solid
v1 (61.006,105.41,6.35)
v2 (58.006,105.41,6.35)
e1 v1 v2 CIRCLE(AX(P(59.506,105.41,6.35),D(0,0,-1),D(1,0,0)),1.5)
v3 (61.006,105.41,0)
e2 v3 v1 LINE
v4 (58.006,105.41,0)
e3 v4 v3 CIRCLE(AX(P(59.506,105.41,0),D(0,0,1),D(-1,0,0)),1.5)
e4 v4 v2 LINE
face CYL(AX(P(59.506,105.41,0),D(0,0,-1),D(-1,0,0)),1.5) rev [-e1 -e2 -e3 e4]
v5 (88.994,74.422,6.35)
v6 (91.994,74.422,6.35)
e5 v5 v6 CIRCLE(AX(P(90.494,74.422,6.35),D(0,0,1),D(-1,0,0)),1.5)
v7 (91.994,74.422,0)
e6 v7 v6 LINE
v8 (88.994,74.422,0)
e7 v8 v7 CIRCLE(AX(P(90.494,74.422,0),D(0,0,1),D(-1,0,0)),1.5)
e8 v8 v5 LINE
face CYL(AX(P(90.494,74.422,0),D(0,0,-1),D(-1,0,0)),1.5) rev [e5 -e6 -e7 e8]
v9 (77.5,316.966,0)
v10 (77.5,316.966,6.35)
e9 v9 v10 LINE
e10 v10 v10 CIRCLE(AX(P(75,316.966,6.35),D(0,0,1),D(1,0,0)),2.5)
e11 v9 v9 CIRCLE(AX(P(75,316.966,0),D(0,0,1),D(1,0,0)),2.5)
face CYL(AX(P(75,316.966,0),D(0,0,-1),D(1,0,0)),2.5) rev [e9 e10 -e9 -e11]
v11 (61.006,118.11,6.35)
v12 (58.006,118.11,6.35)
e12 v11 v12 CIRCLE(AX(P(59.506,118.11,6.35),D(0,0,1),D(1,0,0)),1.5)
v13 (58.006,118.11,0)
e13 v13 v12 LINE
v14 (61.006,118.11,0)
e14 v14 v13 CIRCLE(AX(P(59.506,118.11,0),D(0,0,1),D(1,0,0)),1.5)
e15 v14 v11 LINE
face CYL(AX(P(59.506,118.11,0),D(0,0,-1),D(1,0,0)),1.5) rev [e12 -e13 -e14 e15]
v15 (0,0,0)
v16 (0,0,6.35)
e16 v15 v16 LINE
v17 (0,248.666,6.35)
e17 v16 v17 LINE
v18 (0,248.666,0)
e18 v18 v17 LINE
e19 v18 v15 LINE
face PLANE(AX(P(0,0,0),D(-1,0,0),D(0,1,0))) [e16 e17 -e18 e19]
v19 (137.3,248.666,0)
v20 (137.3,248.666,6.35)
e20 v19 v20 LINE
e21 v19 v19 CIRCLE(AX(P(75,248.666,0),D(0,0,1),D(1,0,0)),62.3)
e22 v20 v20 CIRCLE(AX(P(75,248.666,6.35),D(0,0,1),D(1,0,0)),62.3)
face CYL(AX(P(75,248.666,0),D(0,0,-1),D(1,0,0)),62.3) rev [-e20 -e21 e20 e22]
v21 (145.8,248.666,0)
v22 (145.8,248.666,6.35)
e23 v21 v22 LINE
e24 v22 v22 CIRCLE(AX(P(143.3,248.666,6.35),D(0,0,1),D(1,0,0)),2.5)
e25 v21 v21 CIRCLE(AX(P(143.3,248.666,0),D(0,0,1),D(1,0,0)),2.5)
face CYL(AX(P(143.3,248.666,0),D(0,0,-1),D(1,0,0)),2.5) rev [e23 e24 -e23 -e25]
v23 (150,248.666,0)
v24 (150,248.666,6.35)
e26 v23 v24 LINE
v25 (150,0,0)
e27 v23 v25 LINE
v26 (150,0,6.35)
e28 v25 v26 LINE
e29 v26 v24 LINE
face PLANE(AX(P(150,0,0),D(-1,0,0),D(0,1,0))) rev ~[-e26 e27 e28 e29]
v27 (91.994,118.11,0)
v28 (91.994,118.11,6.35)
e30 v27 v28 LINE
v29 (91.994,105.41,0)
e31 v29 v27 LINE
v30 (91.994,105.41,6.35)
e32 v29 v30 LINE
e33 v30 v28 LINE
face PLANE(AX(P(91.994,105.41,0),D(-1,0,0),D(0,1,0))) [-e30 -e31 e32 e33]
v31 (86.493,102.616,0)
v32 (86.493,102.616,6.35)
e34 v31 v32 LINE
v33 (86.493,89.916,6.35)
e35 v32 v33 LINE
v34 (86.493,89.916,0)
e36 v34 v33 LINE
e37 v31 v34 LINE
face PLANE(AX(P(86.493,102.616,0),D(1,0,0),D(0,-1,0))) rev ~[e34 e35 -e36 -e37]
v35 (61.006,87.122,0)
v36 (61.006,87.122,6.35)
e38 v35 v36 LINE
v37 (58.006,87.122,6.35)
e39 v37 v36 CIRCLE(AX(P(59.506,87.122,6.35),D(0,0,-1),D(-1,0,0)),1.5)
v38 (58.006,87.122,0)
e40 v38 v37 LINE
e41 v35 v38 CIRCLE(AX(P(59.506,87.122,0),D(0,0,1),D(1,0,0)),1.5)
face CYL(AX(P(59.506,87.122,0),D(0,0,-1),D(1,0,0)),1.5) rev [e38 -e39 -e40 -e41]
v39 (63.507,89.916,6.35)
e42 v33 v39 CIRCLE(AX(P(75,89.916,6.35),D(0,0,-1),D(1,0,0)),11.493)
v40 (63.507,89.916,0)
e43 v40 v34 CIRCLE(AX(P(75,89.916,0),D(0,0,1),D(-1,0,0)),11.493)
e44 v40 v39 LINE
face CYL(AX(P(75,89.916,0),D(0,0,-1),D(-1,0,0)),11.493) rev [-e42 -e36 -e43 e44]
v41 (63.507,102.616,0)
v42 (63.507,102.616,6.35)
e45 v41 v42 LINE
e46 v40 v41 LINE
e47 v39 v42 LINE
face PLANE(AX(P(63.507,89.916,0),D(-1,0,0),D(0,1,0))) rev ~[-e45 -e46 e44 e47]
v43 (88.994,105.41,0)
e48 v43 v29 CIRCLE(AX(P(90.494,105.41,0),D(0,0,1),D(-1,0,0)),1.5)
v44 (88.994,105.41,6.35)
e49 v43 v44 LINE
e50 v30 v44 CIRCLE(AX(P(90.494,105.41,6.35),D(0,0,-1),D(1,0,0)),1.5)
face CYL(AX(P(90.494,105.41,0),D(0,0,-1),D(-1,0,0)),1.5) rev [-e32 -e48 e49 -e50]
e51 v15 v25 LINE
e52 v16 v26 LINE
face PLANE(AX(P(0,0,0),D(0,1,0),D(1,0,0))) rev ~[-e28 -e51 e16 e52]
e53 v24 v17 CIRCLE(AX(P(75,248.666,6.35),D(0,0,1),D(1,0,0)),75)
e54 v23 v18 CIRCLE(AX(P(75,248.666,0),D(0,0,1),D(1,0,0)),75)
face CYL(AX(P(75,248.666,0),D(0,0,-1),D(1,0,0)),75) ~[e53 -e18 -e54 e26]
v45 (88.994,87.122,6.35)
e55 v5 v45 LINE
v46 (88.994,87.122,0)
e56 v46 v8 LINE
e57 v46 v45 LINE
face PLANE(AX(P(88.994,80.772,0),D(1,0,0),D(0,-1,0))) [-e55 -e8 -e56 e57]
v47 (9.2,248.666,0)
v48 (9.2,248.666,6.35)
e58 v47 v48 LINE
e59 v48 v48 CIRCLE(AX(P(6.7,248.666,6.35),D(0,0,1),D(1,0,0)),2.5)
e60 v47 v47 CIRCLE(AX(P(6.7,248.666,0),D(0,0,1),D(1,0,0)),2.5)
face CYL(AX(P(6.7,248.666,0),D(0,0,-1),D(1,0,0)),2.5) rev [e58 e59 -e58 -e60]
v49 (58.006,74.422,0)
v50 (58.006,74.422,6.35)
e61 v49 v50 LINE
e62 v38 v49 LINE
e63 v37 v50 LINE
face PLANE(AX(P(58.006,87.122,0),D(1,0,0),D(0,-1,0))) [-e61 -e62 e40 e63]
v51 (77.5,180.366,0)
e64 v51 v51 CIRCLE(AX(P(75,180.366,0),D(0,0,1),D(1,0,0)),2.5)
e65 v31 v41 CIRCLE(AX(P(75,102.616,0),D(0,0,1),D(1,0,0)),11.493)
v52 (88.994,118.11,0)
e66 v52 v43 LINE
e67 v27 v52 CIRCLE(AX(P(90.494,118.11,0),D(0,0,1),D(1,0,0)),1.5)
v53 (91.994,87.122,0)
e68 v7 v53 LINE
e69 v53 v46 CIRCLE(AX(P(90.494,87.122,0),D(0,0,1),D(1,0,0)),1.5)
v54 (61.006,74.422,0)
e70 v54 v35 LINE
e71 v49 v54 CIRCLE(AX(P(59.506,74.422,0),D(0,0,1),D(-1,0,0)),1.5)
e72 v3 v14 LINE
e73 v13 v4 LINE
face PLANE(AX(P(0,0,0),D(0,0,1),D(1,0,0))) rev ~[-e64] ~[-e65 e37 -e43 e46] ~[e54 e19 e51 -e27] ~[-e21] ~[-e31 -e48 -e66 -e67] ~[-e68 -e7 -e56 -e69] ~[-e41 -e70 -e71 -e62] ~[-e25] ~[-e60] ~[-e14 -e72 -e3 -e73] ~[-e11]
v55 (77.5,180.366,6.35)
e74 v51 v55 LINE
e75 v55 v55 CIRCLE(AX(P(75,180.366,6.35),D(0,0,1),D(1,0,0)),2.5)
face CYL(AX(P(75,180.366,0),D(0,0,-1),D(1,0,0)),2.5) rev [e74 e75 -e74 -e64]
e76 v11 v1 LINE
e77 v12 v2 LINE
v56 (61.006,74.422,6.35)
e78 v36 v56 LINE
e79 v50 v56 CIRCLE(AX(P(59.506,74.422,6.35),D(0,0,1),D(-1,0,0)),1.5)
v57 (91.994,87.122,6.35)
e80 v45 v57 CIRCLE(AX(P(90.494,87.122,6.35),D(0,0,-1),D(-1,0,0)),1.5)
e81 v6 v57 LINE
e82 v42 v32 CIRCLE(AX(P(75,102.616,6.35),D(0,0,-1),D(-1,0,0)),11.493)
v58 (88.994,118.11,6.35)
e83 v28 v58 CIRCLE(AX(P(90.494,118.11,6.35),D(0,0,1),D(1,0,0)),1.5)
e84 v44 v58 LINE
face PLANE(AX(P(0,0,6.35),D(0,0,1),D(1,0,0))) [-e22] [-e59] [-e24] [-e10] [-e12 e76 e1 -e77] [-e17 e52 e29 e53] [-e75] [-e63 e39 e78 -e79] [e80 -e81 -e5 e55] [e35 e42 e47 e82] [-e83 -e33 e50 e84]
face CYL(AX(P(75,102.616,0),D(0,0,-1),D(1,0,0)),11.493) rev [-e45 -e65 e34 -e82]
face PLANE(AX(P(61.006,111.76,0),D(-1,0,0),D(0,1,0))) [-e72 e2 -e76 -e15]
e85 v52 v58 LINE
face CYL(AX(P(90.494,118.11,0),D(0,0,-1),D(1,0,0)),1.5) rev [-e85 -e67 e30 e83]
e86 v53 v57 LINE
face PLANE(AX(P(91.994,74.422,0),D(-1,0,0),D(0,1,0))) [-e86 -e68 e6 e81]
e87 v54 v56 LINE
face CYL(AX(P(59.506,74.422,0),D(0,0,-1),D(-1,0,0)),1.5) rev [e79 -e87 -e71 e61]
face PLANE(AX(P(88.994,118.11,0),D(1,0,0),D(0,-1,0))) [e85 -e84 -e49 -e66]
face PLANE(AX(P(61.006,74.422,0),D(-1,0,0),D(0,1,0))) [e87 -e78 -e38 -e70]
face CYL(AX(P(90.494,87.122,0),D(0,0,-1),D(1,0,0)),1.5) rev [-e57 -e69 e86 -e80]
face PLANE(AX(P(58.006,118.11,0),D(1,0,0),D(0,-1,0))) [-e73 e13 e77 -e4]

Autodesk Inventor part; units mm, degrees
ref_plane "YZ Plane" through (0, 0, 0) normal (1, 0, 0) x (0, 1, 0)
ref_plane "XZ Plane" through (0, 0, 0) normal (0, 1, 0) x (-1, 0, 0)
ref_plane "XY Plane" through (0, 0, 0) normal (0, 0, 1) x (1, 0, 0)
ref_plane "Work Plane1" through (0, 0, 0) normal (0, 0, 1) x (1, 0, 0)
sketch "Sketch1" plane through (0, 0, 0) normal (0, 0, 1) x (1, 0, 0)
  line L0 (0, 0) -> (150, 0) projected
  line L1 (150, 0) -> (150, 6.35) projected
  line L2 (0, 6.35) -> (150, 6.35) projected
  line L3 (0, 0) -> (0, 6.35) projected
  line L4 (-41.185, 45.466) -> (-34.327, 45.466) projected
  line L5 (0, 6.35) -> (0, 45.466)
  line L6 (150, 6.35) -> (150, 45.466)
  line L7 (0, 45.466) -> (150, 45.466) construction
  line L8 (75, 45.466) -> (75, 96.266) construction
  line L9 (75, 96.266) -> (75, 248.666) construction
  line L10 (59.506, 80.772) -> (90.494, 80.772)
  line L11 (90.494, 80.772) -> (90.494, 111.76)
  line L12 (90.494, 111.76) -> (59.506, 111.76)
  line L13 (59.506, 111.76) -> (59.506, 80.772)
  line L14 (59.506, 80.772) -> (90.494, 111.76) construction
  line L15 (90.494, 80.772) -> (59.506, 111.76) construction
  line L16 (90.494, 118.11) -> (90.494, 105.41) construction
  line L17 (88.994, 118.11) -> (88.994, 105.41)
  line L18 (91.994, 105.41) -> (91.994, 118.11)
  arc A0 (91.994, 118.11) -> (88.994, 118.11) centre (90.494, 118.11) ccw
  arc A1 (88.994, 105.41) -> (91.994, 105.41) centre (90.494, 105.41) ccw
  line L19 (90.494, 74.422) -> (90.494, 87.122) construction
  line L20 (91.994, 74.422) -> (91.994, 87.122)
  line L21 (88.994, 87.122) -> (88.994, 74.422)
  arc A2 (88.994, 74.422) -> (91.994, 74.422) centre (90.494, 74.422) ccw
  arc A3 (91.994, 87.122) -> (88.994, 87.122) centre (90.494, 87.122) ccw
  line L22 (59.506, 105.41) -> (59.506, 118.11) construction
  line L23 (61.006, 105.41) -> (61.006, 118.11)
  line L24 (58.006, 118.11) -> (58.006, 105.41)
  arc A4 (58.006, 105.41) -> (61.006, 105.41) centre (59.506, 105.41) ccw
  arc A5 (61.006, 118.11) -> (58.006, 118.11) centre (59.506, 118.11) ccw
  line L25 (59.506, 74.422) -> (59.506, 87.122) construction
  line L26 (61.006, 74.422) -> (61.006, 87.122)
  line L27 (58.006, 87.122) -> (58.006, 74.422)
  arc A6 (58.006, 74.422) -> (61.006, 74.422) centre (59.506, 74.422) ccw
  arc A7 (61.006, 87.122) -> (58.006, 87.122) centre (59.506, 87.122) ccw
  line L28 (0, 45.466) -> (0, 248.666)
  line L29 (150, 45.466) -> (150, 248.666)
  circle A8 centre (75, 248.666) radius 75
  circle A9 centre (75, 316.966) radius 5.1943 projected
  circle A10 centre (6.7, 248.666) radius 5.1943 projected
  circle A11 centre (75, 180.366) radius 5.1943 projected
  circle A12 centre (143.3, 248.666) radius 5.1943 projected
  circle A13 centre (75, 248.666) radius 74.3 projected
  circle A14 centre (75, 248.666) radius 62.3 projected
  circle A15 centre (143.3, 248.666) radius 2.5
  circle A16 centre (75, 316.966) radius 2.5
  circle A17 centre (6.7, 248.666) radius 2.5
  circle A18 centre (75, 180.366) radius 2.5
  circle A19 centre (75, 96.266) radius 11.493 construction
  line L30 (75, 89.916) -> (75, 102.616) construction
  line L31 (63.507, 89.916) -> (63.507, 102.616)
  line L32 (86.493, 102.616) -> (86.493, 89.916)
  arc A20 (63.507, 89.916) -> (86.493, 89.916) centre (75, 89.916) ccw
  arc A21 (86.493, 102.616) -> (63.507, 102.616) centre (75, 102.616) ccw
  dimension "d0" = 50.8
  dimension "d1" = 152.4
  dimension "d2" = 30.988
  dimension "d3" = 30.988
  dimension "d4" = 6.35
  dimension "d5" = 3
  dimension "d6" = 6.35
  dimension "d7" = 3
  dimension "d8" = 6.35
  dimension "d9" = 3
  dimension "d10" = 6.35
  dimension "d11" = 3
  dimension "d14" = 5
  dimension "d17" = 360
  dimension "d19" = 6.35
extrude "Extrusion1" add sketch "Sketch1" along normal blind 6.35 contours L3 L2 L1 L0 | L5 L28 A8 L29 L6 L2 | A8 | L26 A7 L13 A4 L23 L12 A21 L31 A20 L10 | A20 L32 A21 L12 L17 A1 L11 A3 L21 L10 | A9 | A10 | A11 | A12 | A13
properties part number "SideBoard"
